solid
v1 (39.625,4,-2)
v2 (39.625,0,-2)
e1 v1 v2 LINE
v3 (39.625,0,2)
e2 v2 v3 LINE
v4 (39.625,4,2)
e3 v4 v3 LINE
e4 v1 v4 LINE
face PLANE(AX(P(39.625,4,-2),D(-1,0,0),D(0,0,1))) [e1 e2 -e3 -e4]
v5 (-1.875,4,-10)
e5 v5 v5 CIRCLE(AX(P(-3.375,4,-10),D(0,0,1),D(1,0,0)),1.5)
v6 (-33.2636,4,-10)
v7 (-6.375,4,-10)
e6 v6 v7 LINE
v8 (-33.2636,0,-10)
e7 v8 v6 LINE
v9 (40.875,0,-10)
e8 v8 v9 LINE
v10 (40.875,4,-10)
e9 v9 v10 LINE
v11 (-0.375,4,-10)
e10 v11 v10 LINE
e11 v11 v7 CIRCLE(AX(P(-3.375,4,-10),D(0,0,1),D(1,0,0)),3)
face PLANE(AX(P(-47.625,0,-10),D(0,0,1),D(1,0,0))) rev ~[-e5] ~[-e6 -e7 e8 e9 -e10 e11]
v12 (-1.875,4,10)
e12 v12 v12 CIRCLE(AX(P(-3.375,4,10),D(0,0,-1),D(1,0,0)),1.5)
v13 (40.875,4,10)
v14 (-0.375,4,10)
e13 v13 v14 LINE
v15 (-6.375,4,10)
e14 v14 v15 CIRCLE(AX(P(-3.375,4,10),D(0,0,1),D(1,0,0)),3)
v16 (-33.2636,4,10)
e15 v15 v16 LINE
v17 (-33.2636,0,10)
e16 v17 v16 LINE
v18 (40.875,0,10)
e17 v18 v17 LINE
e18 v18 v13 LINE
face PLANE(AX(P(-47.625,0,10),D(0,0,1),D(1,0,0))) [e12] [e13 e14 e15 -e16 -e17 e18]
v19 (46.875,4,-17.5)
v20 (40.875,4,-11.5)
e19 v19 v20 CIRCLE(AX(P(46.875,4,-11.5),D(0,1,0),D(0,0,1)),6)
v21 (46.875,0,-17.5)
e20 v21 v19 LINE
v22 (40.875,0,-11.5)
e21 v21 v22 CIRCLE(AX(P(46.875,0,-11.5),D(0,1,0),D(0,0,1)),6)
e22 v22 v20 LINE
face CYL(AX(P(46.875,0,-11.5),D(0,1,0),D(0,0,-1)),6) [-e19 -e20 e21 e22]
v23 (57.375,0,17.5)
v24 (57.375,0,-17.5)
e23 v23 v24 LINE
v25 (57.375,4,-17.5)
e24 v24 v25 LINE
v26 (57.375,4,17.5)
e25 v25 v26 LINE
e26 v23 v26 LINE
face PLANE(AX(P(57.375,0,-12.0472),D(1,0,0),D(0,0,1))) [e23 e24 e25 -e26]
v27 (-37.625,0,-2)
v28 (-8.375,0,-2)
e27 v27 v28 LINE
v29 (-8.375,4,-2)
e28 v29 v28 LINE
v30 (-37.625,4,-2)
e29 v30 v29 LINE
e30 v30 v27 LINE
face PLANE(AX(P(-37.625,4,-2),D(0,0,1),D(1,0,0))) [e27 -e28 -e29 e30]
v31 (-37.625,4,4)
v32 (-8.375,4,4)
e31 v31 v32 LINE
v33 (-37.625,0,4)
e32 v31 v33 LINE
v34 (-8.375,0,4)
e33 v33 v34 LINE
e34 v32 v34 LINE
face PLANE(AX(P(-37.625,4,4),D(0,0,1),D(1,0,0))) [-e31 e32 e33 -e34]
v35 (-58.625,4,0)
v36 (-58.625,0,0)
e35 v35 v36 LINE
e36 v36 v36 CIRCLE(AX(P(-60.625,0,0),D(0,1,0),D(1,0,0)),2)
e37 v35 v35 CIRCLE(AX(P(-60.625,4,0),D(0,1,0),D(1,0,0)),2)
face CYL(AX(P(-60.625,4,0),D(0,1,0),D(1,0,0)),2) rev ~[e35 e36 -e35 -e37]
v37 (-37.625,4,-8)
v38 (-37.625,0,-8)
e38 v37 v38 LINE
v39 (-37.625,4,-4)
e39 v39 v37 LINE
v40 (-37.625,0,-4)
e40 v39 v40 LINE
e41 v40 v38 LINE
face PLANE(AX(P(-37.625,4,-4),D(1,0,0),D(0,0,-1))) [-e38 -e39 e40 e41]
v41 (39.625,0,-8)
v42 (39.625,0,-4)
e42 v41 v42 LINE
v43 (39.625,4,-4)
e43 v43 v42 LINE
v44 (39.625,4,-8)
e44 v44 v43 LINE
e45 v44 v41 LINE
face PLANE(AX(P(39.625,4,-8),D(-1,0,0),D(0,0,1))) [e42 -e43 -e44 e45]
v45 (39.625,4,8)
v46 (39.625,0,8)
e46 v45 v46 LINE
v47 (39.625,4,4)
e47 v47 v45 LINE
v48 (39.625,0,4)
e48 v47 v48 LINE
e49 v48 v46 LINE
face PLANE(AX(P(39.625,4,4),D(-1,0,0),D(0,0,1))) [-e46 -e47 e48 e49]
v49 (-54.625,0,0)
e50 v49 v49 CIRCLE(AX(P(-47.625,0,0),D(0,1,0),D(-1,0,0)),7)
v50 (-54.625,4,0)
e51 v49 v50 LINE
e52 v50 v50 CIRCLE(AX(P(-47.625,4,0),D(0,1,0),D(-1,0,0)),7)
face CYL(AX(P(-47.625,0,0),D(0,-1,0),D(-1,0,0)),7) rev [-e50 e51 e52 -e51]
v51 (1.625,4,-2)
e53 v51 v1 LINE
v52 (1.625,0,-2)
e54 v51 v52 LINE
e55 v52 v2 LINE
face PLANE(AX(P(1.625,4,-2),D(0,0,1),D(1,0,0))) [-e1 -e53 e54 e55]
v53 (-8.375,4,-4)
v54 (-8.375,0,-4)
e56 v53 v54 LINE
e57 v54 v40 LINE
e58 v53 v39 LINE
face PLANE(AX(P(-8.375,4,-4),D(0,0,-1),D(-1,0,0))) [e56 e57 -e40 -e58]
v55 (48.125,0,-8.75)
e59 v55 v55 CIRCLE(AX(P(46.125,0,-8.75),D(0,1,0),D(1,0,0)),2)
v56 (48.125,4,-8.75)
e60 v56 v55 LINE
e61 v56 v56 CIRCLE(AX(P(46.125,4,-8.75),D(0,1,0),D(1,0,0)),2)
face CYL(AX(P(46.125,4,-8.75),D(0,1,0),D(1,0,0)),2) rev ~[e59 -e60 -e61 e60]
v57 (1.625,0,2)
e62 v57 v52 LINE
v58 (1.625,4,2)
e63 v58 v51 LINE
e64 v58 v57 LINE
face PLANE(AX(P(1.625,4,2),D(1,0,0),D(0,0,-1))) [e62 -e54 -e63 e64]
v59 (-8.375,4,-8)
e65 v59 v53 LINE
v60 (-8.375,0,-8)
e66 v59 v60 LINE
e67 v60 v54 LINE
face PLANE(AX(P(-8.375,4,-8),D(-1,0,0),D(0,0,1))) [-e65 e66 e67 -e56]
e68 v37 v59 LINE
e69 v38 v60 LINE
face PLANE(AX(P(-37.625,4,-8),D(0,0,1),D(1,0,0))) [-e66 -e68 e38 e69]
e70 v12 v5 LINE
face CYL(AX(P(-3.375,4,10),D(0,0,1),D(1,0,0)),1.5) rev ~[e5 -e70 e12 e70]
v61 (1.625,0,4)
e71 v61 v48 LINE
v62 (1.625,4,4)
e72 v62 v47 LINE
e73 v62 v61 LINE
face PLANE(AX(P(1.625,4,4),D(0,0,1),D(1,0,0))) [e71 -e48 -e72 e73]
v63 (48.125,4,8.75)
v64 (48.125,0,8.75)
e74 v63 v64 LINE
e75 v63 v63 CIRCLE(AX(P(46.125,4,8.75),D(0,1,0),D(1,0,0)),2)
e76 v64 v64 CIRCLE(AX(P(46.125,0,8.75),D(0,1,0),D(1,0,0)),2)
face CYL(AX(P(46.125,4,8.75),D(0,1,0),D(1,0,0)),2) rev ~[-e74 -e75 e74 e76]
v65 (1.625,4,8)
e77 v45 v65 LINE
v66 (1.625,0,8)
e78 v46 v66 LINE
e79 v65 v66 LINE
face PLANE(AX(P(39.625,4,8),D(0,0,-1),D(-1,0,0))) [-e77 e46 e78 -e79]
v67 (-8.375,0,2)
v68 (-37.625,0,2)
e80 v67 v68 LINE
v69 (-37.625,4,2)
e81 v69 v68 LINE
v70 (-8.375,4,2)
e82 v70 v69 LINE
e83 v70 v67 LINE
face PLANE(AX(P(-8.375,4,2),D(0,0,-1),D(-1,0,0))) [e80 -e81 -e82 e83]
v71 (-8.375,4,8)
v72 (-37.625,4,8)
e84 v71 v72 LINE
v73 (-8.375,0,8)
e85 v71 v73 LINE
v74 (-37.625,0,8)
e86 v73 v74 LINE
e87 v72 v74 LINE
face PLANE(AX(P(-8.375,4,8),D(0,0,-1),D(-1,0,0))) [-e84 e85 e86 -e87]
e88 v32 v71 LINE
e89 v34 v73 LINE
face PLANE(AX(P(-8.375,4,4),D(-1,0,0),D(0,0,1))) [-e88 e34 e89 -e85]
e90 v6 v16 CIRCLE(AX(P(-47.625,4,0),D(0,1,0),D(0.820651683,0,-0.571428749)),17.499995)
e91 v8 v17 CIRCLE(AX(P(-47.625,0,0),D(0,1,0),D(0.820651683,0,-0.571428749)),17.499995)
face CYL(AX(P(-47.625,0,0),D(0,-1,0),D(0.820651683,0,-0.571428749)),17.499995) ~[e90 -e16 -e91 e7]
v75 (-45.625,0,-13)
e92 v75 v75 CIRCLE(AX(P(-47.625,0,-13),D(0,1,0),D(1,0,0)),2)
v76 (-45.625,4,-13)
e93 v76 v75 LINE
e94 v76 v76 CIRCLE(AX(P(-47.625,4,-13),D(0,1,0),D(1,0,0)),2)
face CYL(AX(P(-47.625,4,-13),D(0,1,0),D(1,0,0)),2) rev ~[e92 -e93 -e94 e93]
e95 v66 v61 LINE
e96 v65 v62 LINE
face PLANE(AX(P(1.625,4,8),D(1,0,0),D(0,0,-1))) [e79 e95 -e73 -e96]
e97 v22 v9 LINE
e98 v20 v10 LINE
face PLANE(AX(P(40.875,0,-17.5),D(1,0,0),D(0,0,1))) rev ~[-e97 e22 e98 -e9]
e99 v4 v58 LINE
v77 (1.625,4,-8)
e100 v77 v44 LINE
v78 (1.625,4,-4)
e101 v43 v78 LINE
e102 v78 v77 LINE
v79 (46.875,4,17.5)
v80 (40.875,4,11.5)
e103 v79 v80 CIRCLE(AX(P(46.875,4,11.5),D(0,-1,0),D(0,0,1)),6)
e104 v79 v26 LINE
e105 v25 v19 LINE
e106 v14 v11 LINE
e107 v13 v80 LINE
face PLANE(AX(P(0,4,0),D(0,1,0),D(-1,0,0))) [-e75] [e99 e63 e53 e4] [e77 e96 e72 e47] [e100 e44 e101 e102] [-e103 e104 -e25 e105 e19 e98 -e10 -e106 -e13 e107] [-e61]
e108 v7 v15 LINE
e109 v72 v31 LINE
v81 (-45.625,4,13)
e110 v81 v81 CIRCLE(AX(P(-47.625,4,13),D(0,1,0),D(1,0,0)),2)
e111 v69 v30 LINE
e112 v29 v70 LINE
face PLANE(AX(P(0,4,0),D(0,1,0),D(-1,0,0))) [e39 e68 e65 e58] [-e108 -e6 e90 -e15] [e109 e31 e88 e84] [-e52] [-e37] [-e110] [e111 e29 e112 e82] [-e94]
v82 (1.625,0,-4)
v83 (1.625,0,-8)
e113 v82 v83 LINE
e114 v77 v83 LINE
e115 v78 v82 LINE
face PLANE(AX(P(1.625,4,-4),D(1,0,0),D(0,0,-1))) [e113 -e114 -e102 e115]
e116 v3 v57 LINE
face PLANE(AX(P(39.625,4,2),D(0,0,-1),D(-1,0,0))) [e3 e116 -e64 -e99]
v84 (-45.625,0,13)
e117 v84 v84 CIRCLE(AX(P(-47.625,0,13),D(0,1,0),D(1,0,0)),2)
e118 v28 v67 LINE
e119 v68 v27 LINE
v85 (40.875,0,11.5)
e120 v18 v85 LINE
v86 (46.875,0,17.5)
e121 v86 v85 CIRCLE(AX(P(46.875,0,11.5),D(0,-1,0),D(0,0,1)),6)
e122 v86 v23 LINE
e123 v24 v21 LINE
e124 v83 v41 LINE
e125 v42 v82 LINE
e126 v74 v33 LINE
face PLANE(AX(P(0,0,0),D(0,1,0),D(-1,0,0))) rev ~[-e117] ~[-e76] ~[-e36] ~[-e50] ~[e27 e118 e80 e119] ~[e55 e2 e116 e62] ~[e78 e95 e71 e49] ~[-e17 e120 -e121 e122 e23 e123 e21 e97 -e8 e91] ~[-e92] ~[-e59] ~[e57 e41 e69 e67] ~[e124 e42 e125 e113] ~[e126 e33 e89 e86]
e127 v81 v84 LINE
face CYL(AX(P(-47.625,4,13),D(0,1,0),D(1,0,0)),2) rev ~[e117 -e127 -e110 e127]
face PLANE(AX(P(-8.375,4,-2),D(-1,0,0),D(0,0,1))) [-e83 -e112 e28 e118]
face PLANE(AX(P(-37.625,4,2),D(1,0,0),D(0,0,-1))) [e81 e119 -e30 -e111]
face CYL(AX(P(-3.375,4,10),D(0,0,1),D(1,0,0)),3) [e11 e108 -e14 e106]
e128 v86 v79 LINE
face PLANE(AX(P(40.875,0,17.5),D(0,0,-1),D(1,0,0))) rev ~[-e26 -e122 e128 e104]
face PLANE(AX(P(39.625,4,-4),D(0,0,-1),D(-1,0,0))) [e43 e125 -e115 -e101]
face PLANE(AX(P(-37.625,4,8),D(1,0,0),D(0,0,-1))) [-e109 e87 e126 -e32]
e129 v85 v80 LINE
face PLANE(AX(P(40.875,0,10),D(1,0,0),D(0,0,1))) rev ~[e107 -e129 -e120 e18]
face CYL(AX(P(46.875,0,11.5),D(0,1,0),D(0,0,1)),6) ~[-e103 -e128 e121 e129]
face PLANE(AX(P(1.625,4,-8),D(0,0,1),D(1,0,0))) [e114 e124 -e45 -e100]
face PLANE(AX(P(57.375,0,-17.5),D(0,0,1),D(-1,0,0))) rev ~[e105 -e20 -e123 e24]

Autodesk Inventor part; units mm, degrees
ref_plane "YZ Plane" through (0, 0, 0) normal (1, 0, 0) x (0, 1, 0)
ref_plane "XZ Plane" through (0, 0, 0) normal (0, 1, 0) x (-1, 0, 0)
ref_plane "XY Plane" through (0, 0, 0) normal (0, 0, 1) x (1, 0, 0)
sketch "Main Sketch" plane through (0, 0, 0) normal (0, 1, 0) x (-1, 0, 0)
  line L0 (-57.375, -12.0472) -> (-57.375, 12.0472)
  line L1 (-57.375, 12.0472) -> (47.625, -10) construction
  line L2 (47.625, 10) -> (-57.375, -12.0472) construction
  circle A0 centre (47.625, 0) radius 7
  line L3 (-40.875, 17.5) -> (-57.375, 17.5)
  line L4 (-57.375, 17.5) -> (-57.375, -17.5)
  line L5 (-57.375, -17.5) -> (-40.875, -17.5)
  line L6 (-40.875, 17.5) -> (-57.375, -17.5) construction
  line L7 (-57.375, 17.5) -> (-40.875, -17.5) construction
  line L8 (33.2636, -10) -> (-40.875, -10)
  line L9 (-40.875, -17.5) -> (-40.875, -10)
  line L10 (-40.875, 10) -> (-40.875, 17.5)
  line L11 (-40.875, 10) -> (33.2636, 10)
  arc A1 (33.2636, -10) -> (33.2636, 10) centre (47.625, 0) ccw
  point P0 (0, 0)
  point P1 (-49.125, 0)
  dimension "d3" = 14
  dimension "d13" = 16.5
  dimension "d14" = 35
  dimension "d15" = 0
  dimension "d18" = 20
  dimension "d101" = 35
extrude "Main Extrusion" add sketch "Main Sketch" along normal blind 4
sketch "Screw Holes Sketch" plane through (0, 4, 0) normal (0, 1, 0) x (1, 0, 0)
  circle A0 centre (46.125, -8.75) radius 2
  line L0 (57.375, 17.5) -> (40.875, 17.5) projected
  line L1 (40.875, -17.5) -> (57.375, -17.5) projected
  line L2 (35.2664, 0) -> (65.7891, 0)
  line L3 (51.375, -27.0398) -> (51.375, 30.2346) construction
  line L4 (57.375, -17.5) -> (57.375, 17.5) projected
  line L5 (40.875, -10) -> (40.875, -17.5) projected
  circle A1 centre (46.125, 8.75) radius 2
  line L6 (51.375, 27.0398) -> (51.375, -30.2346) construction
  point P0 (0, 0)
  dimension "d21" = 4
  dimension "d22" = 35
  dimension "d23" = 6
  dimension "d24" = 5.25
  dimension "d25" = 5.25
  dimension "d26" = 10.5
  dimension "d27" = 8.75
  dimension "d28" = 17.5
extrude "Screw Holes Cut" cut sketch "Screw Holes Sketch" against normal through all
fillet "Smoooooooooooooooooth" radius 6 2 edges at (40.875, 2, -17.5) (40.875, 2, 17.5)
sketch "Side Axel Hole Sketch" plane through (-47.625, 0, 10) normal (0, 0, 1) x (1, 0, 0)
  line L0 (88.5, 4) -> (88.5, 0) projected
  line L1 (0, 0) -> (0, 4) projected
  line L2 (44.25, -12.0383) -> (44.25, 22.7681) construction
  line L3 (14.3614, 0) -> (88.5, 0) projected
  line L4 (14.3614, 4) -> (88.5, 4) projected
  circle A0 centre (44.25, 4) radius 1.5
  point P0 (47.625, 0)
  dimension "d32" = 88.5
  dimension "d33" = 44.25
  dimension "d34" = 44.25
  dimension "d35" = 4
  dimension "d41" = 3
extrude "Side Axel Hole Cut" cut sketch "Side Axel Hole Sketch" against normal blind 20
sketch "Side Hole Extension Sketch" plane through (-47.625, 0, 10) normal (0, 0, 1) x (1, 0, 0)
  arc A0 (42.75, 4) -> (45.75, 4) centre (44.25, 4) ccw projected
  circle A1 centre (44.25, 4) radius 3
  circle A2 centre (44.25, 4) radius 1.5
  point P0 (47.625, 0)
  dimension "d44" = 6
extrude "Side Hole Extrusion" add sketch "Side Hole Extension Sketch" against normal blind 20
sketch "Body Holes Sketch" plane through (0, 4, 0) normal (0, 1, 0) x (1, 0, 0)
  line L0 (-37.625, 8) -> (-8.375, 8)
  line L1 (-8.375, 8) -> (-8.375, 4)
  line L2 (-8.375, 4) -> (-37.625, 4)
  line L3 (-37.625, 4) -> (-37.625, 8)
  line L4 (-6.375, -10) -> (-6.375, 10) projected
  circle A0 centre (-47.625, 0) radius 7 projected
  line L5 (-47.625, 7) -> (-47.625, -13.5384) construction
  line L6 (-6.375, 10) -> (-0.375, 10) projected
  line L7 (-47.625, 1) -> (-47.625, -19.5384) construction
  line L8 (-37.625, 2) -> (-8.375, 2)
  line L9 (-8.375, 2) -> (-8.375, -2)
  line L10 (-8.375, -2) -> (-37.625, -2)
  line L11 (-37.625, -2) -> (-37.625, 2)
  line L12 (-47.625, -5) -> (-47.625, -25.5384) construction
  line L13 (-37.625, -4) -> (-8.375, -4)
  line L14 (-8.375, -4) -> (-8.375, -8)
  line L15 (-8.375, -8) -> (-37.625, -8)
  line L16 (-37.625, -8) -> (-37.625, -4)
  line L17 (1.625, 8) -> (39.625, 8)
  line L18 (39.625, 8) -> (39.625, 4)
  line L19 (39.625, 4) -> (1.625, 4)
  line L20 (1.625, 4) -> (1.625, 8)
  line L21 (-0.375, 10) -> (-0.375, -10) projected
  line L22 (40.875, 10) -> (-0.375, 10) projected
  line L23 (1.625, -2) -> (1.625, 2)
  line L24 (39.625, -2) -> (1.625, -2)
  line L25 (39.625, 2) -> (39.625, -2)
  line L26 (1.625, 2) -> (39.625, 2)
  line L27 (1.625, -8) -> (1.625, -4)
  line L28 (39.625, -8) -> (1.625, -8)
  line L29 (39.625, -4) -> (39.625, -8)
  line L30 (1.625, -4) -> (39.625, -4)
  point P0 (0, 0)
  point P1 (-47.625, 10)
  dimension "d86" = 10
  dimension "d77" = 4
  dimension "d78" = 2
  dimension "d79" = 10
  dimension "d80" = 2
  dimension "d83" = 6
  dimension "d88" = 2
  dimension "d89" = 2
  dimension "d90" = 4
  dimension "d91" = 38
  dimension "d94" = 6
extrude "Swiss-ified" cut sketch "Body Holes Sketch" against normal through all contours L0 L1 L2 L3 | L8 L9 L10 L11 | L13 L14 L15 L16 | L17 L18 L19 L20 | L23 L26 L25 L24 | L27 L30 L29 L28
sketch "Center Plate Attachment Sketch" plane through (0, 4, 0) normal (0, 1, 0) x (1, 0, 0)
  arc A0 (-33.2636, 10) -> (-33.2636, -10) centre (-47.625, 0) ccw construction
  line L0 (-47.625, 23.7347) -> (-47.625, -30.1469) construction
  circle A1 centre (-47.625, 13) radius 2
  circle A2 centre (-47.625, -13) radius 2
  circle A3 centre (-60.625, 0) radius 2
  point P0 (0, 0)
  dimension "d108" = 4
  dimension "d109" = 4
  dimension "d110" = 4
  dimension "d111" = 13
  dimension "d112" = 13
  dimension "d113" = 13
extrude "Center Plate Attachment Cut" cut sketch "Center Plate Attachment Sketch" against normal through all
properties part number "Side V3"
